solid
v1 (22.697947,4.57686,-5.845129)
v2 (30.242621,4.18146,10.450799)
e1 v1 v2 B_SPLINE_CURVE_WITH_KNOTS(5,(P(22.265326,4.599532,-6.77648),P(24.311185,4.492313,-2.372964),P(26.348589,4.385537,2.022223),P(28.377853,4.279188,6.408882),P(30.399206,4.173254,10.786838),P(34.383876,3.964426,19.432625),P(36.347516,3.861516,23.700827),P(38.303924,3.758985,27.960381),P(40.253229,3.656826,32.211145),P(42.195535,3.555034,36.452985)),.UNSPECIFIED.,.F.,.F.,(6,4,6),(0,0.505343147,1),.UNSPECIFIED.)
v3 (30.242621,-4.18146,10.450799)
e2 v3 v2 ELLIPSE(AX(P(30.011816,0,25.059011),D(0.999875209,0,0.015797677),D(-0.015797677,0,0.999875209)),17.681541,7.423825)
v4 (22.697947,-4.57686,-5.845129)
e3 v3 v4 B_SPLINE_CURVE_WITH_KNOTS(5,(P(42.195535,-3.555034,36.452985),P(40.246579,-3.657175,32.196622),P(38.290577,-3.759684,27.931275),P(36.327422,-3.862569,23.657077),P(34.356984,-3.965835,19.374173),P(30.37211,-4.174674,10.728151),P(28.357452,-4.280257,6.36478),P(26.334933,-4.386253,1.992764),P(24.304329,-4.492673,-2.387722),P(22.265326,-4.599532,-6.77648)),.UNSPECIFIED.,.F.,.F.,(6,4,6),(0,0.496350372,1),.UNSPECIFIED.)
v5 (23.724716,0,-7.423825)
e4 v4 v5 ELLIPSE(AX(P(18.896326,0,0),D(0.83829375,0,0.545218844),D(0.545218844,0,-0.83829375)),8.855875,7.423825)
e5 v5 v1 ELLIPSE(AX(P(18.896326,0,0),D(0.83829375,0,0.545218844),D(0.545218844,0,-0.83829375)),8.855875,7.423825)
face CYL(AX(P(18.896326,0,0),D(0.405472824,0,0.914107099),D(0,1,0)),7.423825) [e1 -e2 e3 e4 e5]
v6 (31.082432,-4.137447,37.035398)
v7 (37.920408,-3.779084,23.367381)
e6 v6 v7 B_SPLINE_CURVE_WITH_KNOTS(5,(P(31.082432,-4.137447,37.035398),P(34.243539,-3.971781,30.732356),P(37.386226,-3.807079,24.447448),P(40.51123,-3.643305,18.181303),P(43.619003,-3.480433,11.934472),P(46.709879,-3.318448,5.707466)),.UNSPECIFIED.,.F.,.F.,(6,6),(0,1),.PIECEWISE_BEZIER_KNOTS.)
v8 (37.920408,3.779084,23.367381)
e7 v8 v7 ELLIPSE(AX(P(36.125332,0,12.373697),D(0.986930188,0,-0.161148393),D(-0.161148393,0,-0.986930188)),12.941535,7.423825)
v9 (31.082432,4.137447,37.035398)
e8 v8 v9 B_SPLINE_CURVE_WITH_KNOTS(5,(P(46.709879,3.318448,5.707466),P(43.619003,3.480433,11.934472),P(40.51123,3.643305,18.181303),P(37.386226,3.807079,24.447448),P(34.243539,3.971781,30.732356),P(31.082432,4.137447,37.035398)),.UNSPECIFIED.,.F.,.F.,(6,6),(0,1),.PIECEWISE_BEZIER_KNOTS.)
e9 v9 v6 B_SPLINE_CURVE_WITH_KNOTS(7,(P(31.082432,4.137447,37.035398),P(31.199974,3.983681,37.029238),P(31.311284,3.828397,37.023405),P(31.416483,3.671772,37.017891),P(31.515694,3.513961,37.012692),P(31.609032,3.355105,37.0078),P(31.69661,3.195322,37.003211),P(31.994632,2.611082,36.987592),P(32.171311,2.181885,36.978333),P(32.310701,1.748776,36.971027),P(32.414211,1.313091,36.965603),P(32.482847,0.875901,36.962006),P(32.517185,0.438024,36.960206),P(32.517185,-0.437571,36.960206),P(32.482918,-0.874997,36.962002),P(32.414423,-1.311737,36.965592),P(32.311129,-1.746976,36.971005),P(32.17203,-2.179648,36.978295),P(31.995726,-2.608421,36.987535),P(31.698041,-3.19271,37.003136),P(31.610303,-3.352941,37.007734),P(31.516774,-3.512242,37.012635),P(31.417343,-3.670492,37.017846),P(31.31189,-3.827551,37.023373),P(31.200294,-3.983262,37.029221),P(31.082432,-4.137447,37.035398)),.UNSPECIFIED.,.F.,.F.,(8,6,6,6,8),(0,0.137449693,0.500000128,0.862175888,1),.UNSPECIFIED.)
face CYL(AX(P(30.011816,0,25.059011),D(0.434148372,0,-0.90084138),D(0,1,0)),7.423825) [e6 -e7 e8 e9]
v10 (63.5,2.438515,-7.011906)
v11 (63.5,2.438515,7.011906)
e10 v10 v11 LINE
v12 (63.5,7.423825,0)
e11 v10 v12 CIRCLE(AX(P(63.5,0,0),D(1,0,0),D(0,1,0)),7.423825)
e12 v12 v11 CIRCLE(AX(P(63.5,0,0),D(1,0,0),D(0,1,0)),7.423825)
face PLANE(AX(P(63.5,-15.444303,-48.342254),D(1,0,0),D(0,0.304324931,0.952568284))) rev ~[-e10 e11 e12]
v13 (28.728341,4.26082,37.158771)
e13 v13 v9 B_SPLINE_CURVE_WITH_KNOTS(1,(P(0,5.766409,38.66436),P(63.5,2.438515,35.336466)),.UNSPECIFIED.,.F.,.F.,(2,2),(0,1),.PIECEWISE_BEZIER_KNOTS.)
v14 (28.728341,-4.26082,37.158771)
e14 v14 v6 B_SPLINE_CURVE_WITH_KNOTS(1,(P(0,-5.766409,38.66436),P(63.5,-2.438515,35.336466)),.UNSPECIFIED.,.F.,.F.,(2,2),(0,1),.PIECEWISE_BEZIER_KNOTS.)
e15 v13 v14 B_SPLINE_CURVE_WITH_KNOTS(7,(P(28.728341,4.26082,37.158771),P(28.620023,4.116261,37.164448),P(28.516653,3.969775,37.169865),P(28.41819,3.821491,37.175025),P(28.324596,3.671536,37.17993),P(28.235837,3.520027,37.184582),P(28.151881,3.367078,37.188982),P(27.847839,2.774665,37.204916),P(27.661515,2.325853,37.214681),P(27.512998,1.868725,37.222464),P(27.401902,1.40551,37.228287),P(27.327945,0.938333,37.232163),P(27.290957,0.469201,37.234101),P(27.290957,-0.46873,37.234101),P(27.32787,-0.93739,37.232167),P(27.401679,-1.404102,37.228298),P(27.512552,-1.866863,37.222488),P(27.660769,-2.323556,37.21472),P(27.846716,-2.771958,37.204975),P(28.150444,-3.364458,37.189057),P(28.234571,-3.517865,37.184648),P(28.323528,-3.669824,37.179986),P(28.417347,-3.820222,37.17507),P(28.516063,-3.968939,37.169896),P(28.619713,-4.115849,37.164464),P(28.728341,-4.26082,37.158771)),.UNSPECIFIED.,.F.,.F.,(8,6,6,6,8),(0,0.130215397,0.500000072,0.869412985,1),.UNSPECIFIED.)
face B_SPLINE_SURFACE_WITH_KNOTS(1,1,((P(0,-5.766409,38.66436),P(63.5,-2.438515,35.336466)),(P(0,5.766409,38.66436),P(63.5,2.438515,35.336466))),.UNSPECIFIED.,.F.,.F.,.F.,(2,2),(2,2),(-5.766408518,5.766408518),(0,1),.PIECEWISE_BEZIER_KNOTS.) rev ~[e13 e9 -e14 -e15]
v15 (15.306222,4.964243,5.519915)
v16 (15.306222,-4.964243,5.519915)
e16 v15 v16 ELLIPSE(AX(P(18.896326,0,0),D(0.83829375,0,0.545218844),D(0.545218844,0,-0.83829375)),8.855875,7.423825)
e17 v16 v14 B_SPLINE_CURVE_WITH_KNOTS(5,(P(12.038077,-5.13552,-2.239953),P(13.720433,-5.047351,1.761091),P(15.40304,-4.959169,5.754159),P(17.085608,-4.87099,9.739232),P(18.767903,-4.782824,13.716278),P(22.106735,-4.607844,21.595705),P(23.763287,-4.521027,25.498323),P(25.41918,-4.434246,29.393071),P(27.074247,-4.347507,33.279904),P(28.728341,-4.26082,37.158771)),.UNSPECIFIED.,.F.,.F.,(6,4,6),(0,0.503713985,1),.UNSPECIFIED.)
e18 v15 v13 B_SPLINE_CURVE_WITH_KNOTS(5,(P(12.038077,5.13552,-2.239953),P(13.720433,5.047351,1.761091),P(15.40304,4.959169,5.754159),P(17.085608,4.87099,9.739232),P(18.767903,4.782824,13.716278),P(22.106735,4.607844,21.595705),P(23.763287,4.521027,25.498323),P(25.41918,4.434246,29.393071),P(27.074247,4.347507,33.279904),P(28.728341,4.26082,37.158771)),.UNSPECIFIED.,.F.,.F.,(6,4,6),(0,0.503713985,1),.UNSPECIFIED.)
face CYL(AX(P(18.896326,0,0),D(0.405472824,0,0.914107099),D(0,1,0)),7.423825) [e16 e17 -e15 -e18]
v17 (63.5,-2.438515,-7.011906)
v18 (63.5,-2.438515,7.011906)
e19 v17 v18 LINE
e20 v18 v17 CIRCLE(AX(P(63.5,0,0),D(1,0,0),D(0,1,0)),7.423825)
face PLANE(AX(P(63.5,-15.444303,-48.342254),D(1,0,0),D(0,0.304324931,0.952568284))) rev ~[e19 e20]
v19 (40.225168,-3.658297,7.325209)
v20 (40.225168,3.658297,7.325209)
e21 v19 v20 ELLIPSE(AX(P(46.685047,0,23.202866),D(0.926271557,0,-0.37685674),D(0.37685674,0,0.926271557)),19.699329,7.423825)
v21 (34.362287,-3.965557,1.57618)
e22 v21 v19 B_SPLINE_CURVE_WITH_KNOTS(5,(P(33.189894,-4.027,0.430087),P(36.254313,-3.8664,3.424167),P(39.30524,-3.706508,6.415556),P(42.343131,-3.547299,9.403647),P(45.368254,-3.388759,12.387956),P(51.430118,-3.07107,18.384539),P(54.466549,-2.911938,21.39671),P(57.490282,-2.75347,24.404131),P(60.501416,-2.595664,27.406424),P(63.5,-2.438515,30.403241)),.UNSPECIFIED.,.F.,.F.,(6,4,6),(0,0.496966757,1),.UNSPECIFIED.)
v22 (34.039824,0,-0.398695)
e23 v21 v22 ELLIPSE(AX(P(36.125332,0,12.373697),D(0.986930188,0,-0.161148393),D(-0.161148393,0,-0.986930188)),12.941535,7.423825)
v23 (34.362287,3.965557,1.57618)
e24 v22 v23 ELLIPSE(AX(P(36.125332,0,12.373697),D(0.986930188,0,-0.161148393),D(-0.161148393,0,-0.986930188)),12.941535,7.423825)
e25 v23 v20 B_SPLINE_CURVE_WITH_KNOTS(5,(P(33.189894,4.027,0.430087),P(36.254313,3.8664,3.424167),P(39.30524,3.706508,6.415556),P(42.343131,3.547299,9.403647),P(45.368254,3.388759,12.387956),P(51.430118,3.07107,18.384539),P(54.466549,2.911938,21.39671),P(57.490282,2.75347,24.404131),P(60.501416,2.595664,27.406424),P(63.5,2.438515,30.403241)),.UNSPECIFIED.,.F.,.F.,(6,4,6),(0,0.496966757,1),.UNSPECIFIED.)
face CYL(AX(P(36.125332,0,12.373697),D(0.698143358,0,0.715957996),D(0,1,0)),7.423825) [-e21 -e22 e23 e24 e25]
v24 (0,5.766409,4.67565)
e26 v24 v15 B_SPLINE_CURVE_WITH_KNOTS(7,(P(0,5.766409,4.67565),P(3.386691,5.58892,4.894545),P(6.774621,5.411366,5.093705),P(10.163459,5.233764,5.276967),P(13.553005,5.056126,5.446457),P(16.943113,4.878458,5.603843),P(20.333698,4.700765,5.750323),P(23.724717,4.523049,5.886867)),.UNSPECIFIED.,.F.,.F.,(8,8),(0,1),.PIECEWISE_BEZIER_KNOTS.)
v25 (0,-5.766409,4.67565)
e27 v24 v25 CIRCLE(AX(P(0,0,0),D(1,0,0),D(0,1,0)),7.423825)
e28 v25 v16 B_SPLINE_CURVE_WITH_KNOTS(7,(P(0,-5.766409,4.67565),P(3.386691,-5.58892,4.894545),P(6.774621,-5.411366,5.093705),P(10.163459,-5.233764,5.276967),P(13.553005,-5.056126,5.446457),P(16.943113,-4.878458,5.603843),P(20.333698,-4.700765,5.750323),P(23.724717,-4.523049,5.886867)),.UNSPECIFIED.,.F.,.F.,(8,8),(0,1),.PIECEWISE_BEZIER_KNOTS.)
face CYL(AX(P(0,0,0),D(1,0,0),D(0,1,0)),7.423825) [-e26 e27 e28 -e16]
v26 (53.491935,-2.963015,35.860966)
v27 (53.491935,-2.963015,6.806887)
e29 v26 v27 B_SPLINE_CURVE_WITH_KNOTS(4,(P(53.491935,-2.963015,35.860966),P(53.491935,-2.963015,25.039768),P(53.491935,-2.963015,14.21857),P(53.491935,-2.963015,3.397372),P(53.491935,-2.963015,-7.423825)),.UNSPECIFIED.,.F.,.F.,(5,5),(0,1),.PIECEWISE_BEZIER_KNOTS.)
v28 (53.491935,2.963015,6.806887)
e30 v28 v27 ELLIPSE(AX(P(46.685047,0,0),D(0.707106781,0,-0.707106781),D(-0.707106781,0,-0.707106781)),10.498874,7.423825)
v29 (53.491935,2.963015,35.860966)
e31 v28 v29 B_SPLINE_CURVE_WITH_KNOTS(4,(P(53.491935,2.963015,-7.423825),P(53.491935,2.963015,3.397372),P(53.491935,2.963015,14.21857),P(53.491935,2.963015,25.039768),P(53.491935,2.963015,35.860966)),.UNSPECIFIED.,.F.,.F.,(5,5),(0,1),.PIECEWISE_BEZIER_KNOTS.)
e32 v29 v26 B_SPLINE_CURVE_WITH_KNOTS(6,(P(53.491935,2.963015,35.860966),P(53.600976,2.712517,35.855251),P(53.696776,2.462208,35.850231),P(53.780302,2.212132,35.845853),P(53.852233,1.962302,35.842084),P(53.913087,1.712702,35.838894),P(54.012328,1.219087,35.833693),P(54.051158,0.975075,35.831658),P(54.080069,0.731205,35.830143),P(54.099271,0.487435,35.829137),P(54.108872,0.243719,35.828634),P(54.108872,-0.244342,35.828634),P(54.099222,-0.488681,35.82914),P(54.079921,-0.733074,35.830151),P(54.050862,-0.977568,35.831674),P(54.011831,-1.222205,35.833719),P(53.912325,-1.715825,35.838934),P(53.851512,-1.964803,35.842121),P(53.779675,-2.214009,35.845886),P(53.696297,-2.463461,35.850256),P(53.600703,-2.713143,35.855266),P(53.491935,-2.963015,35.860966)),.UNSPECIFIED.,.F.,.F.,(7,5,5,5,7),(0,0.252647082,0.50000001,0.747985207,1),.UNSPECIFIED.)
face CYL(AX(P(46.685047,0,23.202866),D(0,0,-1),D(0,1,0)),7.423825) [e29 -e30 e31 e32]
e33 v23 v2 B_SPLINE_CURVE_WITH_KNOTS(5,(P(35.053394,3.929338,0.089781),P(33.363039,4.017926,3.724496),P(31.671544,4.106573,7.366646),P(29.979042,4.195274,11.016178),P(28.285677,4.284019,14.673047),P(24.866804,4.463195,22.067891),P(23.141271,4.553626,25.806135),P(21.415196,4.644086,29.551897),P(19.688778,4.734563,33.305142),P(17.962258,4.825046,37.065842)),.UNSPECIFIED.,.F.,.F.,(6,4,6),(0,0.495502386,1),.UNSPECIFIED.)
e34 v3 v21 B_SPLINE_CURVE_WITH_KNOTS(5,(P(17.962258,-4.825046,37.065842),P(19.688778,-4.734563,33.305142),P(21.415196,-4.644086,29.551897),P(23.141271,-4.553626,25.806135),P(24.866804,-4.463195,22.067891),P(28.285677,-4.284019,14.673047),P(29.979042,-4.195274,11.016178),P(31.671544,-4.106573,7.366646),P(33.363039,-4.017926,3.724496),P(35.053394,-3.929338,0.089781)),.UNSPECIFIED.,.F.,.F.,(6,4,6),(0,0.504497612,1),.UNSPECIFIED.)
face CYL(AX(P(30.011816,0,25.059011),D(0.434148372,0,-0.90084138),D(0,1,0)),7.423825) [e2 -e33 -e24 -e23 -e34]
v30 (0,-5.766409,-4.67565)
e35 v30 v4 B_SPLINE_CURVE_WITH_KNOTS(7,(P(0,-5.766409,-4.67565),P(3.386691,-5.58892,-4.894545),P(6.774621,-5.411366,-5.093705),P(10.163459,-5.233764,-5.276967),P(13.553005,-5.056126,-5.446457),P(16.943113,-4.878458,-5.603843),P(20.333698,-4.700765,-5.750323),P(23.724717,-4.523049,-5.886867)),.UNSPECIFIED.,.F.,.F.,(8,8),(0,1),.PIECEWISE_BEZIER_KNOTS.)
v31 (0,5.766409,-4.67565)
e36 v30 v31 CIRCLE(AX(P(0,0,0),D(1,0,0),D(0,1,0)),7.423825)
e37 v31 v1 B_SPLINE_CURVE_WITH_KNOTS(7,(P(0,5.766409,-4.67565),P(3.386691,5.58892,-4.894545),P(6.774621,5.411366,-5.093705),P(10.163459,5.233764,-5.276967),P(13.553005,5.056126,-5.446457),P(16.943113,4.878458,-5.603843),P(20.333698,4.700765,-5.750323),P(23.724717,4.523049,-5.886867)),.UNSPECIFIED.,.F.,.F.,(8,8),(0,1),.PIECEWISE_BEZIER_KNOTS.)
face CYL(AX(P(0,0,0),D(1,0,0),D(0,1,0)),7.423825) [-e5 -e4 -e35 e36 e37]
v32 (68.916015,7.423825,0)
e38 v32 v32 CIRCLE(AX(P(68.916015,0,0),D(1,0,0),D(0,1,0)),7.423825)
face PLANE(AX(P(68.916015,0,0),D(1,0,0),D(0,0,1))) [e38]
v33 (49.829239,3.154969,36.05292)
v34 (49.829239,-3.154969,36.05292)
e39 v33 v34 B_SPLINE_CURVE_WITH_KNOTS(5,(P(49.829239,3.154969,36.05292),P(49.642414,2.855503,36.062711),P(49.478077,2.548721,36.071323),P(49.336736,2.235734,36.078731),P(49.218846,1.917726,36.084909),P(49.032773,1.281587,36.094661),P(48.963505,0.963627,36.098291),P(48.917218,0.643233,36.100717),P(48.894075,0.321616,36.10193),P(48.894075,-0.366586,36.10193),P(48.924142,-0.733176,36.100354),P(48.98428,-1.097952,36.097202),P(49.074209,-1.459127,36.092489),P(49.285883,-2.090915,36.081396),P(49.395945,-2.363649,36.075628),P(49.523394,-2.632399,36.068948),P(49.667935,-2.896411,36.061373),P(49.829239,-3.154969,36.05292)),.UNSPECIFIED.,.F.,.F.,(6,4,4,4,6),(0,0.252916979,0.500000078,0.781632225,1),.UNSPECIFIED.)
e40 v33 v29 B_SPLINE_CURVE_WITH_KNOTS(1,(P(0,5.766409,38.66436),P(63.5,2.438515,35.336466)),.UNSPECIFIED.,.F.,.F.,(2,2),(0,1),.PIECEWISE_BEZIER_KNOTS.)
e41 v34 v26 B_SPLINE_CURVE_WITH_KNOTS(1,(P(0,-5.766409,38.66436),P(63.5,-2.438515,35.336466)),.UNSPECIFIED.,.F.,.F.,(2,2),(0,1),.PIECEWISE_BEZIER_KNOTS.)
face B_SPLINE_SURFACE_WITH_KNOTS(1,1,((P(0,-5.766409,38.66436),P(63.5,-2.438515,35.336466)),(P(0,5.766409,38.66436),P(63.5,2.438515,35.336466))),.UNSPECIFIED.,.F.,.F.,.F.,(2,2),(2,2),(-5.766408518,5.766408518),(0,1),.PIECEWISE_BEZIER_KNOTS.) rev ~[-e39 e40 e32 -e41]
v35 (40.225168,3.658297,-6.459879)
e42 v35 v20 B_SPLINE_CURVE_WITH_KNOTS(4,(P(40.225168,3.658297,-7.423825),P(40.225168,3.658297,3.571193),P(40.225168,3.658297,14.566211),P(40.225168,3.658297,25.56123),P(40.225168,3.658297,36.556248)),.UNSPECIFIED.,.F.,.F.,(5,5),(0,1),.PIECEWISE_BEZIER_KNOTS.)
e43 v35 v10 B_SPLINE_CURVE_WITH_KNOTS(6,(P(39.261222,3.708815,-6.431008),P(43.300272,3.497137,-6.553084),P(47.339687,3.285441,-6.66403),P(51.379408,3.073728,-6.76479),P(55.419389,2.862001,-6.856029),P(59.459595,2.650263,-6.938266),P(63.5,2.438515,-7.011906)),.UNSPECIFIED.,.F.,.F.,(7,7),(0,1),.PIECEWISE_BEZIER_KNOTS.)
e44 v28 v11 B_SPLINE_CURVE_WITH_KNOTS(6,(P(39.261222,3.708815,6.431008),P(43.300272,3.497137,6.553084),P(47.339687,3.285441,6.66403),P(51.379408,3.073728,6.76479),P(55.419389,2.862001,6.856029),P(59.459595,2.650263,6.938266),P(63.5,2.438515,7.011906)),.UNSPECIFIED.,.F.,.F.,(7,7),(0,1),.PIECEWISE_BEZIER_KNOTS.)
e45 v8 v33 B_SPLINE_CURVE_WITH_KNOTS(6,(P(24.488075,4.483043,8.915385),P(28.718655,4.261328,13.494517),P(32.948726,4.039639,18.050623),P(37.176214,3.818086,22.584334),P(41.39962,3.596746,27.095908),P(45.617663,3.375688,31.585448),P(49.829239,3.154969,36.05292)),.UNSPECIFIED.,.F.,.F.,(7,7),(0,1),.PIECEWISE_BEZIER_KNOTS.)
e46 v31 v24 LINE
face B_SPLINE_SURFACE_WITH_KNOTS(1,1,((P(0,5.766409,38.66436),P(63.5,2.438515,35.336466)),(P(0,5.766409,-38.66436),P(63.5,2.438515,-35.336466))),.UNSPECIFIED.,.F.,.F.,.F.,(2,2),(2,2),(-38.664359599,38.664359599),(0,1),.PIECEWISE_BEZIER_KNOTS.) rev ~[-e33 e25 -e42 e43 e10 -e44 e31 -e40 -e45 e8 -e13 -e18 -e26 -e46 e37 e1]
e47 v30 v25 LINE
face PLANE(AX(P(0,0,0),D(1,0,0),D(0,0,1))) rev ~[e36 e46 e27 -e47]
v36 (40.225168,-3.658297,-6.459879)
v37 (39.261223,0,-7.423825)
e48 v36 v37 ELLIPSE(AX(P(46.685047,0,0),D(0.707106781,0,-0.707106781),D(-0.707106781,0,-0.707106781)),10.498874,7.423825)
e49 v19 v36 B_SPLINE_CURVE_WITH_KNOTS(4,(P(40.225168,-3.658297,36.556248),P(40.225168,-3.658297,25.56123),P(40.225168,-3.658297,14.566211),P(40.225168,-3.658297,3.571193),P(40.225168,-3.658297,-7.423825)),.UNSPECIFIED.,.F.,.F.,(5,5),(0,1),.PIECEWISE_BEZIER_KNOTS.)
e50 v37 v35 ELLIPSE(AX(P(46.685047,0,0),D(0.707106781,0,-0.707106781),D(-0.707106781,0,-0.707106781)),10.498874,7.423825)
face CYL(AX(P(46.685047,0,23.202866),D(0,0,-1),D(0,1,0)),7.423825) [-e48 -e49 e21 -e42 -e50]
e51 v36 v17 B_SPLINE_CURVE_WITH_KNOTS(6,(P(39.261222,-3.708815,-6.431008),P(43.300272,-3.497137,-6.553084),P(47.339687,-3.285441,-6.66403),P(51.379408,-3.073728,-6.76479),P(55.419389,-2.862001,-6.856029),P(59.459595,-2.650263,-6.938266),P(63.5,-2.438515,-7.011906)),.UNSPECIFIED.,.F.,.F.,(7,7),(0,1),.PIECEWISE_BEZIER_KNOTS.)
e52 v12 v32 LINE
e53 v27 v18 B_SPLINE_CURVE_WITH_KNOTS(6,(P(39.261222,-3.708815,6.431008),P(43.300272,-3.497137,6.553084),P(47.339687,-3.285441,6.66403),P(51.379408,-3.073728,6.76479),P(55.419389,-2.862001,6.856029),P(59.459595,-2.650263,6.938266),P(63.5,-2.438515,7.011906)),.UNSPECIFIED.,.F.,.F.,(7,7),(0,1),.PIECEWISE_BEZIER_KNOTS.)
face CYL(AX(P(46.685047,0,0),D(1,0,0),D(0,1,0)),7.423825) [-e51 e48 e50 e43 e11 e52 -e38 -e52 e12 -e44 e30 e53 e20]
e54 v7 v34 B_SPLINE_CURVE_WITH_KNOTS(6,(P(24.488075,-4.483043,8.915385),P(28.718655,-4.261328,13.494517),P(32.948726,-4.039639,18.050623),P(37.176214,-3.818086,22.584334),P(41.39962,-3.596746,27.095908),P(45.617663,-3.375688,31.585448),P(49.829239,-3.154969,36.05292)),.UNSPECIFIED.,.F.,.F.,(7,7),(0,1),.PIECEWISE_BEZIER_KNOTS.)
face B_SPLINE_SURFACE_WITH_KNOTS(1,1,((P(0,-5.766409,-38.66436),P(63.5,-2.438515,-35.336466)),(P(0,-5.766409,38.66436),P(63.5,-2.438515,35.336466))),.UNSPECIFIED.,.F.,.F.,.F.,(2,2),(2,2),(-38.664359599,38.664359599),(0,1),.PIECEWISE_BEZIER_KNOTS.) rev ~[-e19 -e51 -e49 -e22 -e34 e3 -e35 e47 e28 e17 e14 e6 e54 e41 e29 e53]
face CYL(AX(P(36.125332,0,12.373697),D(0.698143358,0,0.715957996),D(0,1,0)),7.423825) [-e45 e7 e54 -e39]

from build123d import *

# Parameters (mm, degrees)
F1_R     = 7.4238247782
F3_W     = 24.2328178138
F3_H     = 90.0287199765
F3_W_2   = 11.5328170359
F3_H_2   = 77.3287191987
F4_DEPTH = 63.5
F4_TAPER = -3


with BuildPart() as f2:
    # F2: sweep along a path in F0
    with BuildLine(Plane.XZ) as f2_path:
        Line((0, 0), (18.8963264227, 0))
        Line((18.8963264227, 0), (30.0118159503, 25.0590108335))
        Line((30.0118159503, 25.0590108335), (36.1253321171, 12.3736970127))
        Line((36.1253321171, 12.3736970127), (46.6850474477, 23.2028663158))
        Line((46.6850474477, 23.2028663158), (46.6850474477, 0))
        Line((46.6850474477, 0), (68.916015327, 0))
    # F1 (on Right) → F2 (sweep)
    with BuildSketch(Plane.YZ):
        Circle(F1_R)
    sweep(path=f2_path.line, transition=Transition.RIGHT)

    # F3 (on Right) → F4 (cut, symmetric)
    with BuildSketch(Plane.YZ):
        Rectangle(F3_W, F3_H)
        Rectangle(F3_W_2, F3_H_2, mode=Mode.SUBTRACT)
    extrude(amount=F4_DEPTH, both=True, taper=F4_TAPER, mode=Mode.SUBTRACT)


solid = f2.part
